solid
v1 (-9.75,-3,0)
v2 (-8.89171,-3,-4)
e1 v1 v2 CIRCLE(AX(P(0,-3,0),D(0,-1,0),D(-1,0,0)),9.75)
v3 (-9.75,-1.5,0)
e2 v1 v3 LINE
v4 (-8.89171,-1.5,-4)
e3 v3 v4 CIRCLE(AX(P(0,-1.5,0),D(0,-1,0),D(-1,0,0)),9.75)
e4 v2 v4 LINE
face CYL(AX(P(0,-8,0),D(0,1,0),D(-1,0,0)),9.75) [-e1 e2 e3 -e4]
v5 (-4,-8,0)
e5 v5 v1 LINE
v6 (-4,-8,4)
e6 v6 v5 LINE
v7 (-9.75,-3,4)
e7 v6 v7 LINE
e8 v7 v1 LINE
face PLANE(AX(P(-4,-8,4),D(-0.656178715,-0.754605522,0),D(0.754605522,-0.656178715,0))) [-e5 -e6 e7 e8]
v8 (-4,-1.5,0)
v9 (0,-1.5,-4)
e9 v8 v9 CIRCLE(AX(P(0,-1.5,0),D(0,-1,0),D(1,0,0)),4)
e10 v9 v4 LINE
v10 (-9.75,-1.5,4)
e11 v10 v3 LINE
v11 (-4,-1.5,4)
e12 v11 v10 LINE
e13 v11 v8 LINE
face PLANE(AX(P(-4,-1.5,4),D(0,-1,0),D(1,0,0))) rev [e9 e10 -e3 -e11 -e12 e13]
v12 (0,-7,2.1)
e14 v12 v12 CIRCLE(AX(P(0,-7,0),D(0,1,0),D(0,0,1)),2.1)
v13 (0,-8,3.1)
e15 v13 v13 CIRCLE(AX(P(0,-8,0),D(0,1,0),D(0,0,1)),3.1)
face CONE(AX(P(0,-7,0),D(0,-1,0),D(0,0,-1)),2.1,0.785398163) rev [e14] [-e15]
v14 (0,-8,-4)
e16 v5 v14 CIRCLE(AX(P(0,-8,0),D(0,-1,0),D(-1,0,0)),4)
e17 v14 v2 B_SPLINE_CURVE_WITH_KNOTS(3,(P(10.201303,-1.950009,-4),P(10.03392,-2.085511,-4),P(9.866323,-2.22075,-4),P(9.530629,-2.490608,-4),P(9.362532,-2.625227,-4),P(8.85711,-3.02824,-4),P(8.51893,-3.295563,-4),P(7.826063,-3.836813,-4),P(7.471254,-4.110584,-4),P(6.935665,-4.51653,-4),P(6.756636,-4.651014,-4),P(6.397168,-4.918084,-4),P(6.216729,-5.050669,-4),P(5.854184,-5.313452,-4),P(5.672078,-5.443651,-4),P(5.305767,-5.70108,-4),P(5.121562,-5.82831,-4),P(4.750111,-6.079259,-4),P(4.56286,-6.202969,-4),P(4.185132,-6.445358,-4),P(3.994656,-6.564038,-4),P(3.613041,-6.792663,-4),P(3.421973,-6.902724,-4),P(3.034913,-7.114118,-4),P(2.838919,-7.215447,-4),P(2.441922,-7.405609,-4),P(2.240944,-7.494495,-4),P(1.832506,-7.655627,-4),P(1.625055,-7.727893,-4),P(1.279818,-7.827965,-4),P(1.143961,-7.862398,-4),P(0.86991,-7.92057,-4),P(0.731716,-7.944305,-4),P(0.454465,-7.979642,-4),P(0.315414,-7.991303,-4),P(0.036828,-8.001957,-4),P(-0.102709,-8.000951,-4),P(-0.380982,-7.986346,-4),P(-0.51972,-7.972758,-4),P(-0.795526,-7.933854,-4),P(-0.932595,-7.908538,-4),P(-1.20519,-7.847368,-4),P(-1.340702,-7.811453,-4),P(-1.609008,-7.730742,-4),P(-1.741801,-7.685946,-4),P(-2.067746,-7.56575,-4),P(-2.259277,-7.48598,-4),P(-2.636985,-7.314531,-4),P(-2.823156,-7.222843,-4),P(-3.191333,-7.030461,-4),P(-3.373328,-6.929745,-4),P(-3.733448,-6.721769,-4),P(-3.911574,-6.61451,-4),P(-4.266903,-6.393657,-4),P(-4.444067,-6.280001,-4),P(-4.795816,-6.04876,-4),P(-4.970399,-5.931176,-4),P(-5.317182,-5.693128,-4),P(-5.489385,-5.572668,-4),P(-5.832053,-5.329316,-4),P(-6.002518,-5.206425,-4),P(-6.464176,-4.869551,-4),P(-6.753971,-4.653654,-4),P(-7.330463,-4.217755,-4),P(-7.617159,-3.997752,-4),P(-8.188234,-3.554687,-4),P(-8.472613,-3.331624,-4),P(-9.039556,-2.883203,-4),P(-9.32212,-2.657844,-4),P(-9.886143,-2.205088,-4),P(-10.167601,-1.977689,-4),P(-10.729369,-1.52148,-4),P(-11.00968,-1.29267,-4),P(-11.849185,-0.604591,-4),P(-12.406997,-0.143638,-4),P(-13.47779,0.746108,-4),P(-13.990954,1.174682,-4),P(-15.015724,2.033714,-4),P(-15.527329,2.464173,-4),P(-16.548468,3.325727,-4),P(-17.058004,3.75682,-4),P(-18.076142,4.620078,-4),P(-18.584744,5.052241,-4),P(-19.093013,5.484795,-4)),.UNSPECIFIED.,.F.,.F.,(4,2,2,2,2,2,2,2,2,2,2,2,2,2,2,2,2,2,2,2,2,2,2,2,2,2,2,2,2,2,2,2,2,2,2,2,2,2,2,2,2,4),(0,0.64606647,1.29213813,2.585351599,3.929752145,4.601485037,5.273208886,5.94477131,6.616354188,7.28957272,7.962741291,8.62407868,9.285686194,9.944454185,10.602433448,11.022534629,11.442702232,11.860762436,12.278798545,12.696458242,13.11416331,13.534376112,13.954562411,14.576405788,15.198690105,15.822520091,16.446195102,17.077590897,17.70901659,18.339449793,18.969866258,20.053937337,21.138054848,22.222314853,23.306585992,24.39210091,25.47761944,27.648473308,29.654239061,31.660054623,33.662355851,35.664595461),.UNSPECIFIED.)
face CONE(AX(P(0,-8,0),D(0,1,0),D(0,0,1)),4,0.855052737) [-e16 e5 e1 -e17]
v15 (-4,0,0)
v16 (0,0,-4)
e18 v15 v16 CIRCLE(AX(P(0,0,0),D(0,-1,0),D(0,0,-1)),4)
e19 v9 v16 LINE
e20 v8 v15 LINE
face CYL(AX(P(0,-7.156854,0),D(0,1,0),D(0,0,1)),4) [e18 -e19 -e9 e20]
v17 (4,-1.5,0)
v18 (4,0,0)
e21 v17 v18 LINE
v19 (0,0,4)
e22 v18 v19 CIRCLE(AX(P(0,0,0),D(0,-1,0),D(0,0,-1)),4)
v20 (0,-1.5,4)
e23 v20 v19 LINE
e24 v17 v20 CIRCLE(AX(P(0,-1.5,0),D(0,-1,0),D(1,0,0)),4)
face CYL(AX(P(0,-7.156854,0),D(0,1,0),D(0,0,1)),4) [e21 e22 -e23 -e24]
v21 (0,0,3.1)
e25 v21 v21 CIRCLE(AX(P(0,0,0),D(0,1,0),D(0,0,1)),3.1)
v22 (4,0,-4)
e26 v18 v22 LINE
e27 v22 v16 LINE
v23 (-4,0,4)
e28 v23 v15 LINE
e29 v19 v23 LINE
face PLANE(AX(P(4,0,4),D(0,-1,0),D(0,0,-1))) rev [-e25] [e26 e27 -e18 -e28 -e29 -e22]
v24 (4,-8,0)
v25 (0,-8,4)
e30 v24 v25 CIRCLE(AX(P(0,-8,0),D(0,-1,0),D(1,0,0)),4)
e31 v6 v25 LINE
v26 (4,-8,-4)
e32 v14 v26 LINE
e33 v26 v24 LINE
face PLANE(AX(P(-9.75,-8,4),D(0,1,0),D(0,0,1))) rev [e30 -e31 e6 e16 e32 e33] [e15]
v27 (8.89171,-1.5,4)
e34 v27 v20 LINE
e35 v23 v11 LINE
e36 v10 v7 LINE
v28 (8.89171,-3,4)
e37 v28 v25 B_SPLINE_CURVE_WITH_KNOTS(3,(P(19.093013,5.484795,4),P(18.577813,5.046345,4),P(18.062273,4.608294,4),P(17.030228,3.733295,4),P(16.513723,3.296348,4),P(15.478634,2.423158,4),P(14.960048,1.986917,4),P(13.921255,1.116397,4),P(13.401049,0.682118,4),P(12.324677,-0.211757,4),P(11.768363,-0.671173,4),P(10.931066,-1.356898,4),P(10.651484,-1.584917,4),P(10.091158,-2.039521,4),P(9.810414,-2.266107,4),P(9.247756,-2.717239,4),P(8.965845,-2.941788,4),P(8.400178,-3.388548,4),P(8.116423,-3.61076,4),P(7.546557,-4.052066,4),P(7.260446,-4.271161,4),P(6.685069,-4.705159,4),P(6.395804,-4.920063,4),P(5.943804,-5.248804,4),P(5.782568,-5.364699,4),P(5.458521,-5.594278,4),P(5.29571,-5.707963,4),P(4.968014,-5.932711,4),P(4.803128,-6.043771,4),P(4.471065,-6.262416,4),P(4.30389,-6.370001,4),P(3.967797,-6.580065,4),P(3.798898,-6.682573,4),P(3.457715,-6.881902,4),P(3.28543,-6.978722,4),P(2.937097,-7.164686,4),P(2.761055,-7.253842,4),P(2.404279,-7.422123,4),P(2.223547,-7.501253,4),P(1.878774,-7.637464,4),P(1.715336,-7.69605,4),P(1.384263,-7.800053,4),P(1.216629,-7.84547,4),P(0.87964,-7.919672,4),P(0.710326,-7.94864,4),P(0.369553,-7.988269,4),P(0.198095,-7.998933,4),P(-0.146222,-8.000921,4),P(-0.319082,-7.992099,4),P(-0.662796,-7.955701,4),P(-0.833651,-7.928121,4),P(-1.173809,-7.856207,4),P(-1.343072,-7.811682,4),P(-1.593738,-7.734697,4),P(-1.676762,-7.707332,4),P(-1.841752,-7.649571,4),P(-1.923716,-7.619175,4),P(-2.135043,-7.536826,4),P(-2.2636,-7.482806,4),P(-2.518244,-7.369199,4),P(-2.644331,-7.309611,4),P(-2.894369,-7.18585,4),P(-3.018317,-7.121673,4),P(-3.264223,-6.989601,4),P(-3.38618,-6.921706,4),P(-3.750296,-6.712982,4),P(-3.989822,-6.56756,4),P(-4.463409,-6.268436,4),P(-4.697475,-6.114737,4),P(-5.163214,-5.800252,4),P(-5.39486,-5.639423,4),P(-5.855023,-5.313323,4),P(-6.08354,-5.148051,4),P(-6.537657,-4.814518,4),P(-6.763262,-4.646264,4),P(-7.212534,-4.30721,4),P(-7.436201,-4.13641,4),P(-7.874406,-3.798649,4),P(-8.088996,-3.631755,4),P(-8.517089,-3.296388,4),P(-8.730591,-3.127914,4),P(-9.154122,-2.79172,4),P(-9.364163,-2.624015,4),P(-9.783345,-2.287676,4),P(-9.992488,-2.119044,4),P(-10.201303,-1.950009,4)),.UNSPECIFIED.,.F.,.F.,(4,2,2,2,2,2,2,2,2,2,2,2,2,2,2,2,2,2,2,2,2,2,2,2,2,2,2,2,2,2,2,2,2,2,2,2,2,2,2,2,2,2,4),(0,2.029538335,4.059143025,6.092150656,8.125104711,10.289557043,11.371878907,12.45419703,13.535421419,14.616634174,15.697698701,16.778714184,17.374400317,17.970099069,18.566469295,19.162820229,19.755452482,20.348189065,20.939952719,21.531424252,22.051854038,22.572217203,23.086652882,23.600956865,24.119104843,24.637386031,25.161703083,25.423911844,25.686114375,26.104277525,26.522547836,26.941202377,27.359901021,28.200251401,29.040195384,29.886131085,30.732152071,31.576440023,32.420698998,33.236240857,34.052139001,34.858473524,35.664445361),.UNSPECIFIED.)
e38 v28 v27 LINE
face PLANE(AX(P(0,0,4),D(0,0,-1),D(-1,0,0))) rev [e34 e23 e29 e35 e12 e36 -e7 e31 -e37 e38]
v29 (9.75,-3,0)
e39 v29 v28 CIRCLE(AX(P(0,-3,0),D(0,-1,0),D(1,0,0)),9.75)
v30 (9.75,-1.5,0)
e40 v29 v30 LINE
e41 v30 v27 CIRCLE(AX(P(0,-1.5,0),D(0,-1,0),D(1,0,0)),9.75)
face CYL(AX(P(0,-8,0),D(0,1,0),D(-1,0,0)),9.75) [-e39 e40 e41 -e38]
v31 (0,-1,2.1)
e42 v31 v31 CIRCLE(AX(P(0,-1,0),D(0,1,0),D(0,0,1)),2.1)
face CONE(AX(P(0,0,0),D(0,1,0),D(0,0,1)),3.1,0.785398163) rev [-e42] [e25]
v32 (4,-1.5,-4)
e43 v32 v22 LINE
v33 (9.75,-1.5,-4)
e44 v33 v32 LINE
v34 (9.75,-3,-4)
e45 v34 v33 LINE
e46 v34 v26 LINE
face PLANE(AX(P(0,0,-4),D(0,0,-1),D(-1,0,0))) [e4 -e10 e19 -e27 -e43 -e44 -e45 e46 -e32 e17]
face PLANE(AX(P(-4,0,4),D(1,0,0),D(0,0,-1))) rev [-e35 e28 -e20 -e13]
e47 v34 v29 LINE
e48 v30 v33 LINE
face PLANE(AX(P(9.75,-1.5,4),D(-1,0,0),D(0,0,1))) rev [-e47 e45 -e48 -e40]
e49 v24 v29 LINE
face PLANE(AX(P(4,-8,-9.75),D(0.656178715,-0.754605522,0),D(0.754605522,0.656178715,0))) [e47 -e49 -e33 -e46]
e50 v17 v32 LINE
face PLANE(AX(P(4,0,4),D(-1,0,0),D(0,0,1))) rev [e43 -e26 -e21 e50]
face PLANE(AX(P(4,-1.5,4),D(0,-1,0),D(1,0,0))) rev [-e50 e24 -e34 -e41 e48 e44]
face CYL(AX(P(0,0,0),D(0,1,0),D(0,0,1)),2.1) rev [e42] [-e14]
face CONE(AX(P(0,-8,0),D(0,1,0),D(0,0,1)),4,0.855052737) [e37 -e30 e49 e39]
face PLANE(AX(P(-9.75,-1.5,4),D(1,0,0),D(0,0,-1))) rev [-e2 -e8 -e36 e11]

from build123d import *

# Parameters (mm, degrees)
EXTRUDE_1_DEPTH     = 4
CUT_EXTRUDE_1_DEPTH = 1.5
CUT_EXTRUDE_2_DEPTH = 7.5


with BuildPart() as part:
    # Эскиз1 → Бобышка-Вытянуть1 (new body, symmetric)
    with BuildSketch(Plane.XY):
        Polygon((4, 0), (-4, 0), (-4, -1.5), (-9.75, -1.5), (-9.75, -8), (9.75, -8), (9.75, -1.5), (4, -1.5), align=None)
    extrude(amount=EXTRUDE_1_DEPTH, both=True)

    # Эскиз3 → Отверстие обработанное метчиком M53 (revolve, cut)
    with BuildSketch(Plane(origin=(0, 0, 0), x_dir=(0, 0, 1), z_dir=(1, 0, 0))):
        Polygon((0, 0), (0, 8), (3.1, 8), (2.1, 7), (2.1, 1), (3.1, 0), align=None)
    revolve(axis=Axis((0, 6.35, 0), (0, -1, 0)), mode=Mode.SUBTRACT)

    # Эскиз4 → Вырез-Вытянуть1 (cut)
    with BuildSketch(Plane(origin=(0, 0, 0), x_dir=(1, 0, 0), z_dir=(0, 1, 0))):
        with BuildLine():
            Line((-4, 4), (-4, 0))
            ThreePointArc((-4, 0), (-2.828427125, 2.828427125), (0, 4))
            Line((0, 4), (-4, 4))
        make_face()
        with BuildLine():
            Line((0, -4), (4, -4))
            Line((4, -4), (4, 0))
            ThreePointArc((4, 0), (2.828427125, -2.828427125), (0, -4))
        make_face()
    extrude(amount=-CUT_EXTRUDE_1_DEPTH, mode=Mode.SUBTRACT)

    # Эскиз5 → Вырез-Вытянуть2 (cut, through all)
    with BuildSketch(Plane(origin=(0, -1.5, 0), x_dir=(1, 0, 0), z_dir=(0, 1, 0))):
        with BuildLine():
            Line((-9.75, 0), (-9.75, 4))
            Line((-9.75, 4), (-8.891709622, 4))
            ThreePointArc((-8.891709622, 4), (-9.533012871, 2.045523305), (-9.75, 0))
        make_face()
        with BuildLine():
            Line((9.75, 0), (9.75, -4))
            Line((9.75, -4), (8.891709622, -4))
            ThreePointArc((8.891709622, -4), (9.533012871, -2.045523305), (9.75, 0))
        make_face()
    extrude(amount=-CUT_EXTRUDE_2_DEPTH, mode=Mode.SUBTRACT)

    # Вырез-По траектории1: sweep along a path in Эскиз7
    with BuildLine(Plane.XZ.offset(8)) as sweep_1_path:
        Line((0, 9.75), (-9.75, 9.75))
        Line((-9.75, 9.75), (-9.75, 0))
        ThreePointArc((-9.75, 0), (-6.894291117, -6.894291117), (0, -9.75))
        Line((0, -9.75), (9.75, -9.75))
        Line((9.75, -9.75), (9.75, 0))
        ThreePointArc((9.75, 0), (6.894291117, 6.894291117), (0, 9.75))
    # Эскиз6 → Вырез-По траектории1 (sweep, cut)
    with BuildSketch(Plane.XY.offset(4)):
        Polygon((-9.75, -3), (-9.75, -8), (-4, -8), align=None)
    sweep(path=sweep_1_path.line, transition=Transition.RIGHT, mode=Mode.SUBTRACT)


solid = part.part
